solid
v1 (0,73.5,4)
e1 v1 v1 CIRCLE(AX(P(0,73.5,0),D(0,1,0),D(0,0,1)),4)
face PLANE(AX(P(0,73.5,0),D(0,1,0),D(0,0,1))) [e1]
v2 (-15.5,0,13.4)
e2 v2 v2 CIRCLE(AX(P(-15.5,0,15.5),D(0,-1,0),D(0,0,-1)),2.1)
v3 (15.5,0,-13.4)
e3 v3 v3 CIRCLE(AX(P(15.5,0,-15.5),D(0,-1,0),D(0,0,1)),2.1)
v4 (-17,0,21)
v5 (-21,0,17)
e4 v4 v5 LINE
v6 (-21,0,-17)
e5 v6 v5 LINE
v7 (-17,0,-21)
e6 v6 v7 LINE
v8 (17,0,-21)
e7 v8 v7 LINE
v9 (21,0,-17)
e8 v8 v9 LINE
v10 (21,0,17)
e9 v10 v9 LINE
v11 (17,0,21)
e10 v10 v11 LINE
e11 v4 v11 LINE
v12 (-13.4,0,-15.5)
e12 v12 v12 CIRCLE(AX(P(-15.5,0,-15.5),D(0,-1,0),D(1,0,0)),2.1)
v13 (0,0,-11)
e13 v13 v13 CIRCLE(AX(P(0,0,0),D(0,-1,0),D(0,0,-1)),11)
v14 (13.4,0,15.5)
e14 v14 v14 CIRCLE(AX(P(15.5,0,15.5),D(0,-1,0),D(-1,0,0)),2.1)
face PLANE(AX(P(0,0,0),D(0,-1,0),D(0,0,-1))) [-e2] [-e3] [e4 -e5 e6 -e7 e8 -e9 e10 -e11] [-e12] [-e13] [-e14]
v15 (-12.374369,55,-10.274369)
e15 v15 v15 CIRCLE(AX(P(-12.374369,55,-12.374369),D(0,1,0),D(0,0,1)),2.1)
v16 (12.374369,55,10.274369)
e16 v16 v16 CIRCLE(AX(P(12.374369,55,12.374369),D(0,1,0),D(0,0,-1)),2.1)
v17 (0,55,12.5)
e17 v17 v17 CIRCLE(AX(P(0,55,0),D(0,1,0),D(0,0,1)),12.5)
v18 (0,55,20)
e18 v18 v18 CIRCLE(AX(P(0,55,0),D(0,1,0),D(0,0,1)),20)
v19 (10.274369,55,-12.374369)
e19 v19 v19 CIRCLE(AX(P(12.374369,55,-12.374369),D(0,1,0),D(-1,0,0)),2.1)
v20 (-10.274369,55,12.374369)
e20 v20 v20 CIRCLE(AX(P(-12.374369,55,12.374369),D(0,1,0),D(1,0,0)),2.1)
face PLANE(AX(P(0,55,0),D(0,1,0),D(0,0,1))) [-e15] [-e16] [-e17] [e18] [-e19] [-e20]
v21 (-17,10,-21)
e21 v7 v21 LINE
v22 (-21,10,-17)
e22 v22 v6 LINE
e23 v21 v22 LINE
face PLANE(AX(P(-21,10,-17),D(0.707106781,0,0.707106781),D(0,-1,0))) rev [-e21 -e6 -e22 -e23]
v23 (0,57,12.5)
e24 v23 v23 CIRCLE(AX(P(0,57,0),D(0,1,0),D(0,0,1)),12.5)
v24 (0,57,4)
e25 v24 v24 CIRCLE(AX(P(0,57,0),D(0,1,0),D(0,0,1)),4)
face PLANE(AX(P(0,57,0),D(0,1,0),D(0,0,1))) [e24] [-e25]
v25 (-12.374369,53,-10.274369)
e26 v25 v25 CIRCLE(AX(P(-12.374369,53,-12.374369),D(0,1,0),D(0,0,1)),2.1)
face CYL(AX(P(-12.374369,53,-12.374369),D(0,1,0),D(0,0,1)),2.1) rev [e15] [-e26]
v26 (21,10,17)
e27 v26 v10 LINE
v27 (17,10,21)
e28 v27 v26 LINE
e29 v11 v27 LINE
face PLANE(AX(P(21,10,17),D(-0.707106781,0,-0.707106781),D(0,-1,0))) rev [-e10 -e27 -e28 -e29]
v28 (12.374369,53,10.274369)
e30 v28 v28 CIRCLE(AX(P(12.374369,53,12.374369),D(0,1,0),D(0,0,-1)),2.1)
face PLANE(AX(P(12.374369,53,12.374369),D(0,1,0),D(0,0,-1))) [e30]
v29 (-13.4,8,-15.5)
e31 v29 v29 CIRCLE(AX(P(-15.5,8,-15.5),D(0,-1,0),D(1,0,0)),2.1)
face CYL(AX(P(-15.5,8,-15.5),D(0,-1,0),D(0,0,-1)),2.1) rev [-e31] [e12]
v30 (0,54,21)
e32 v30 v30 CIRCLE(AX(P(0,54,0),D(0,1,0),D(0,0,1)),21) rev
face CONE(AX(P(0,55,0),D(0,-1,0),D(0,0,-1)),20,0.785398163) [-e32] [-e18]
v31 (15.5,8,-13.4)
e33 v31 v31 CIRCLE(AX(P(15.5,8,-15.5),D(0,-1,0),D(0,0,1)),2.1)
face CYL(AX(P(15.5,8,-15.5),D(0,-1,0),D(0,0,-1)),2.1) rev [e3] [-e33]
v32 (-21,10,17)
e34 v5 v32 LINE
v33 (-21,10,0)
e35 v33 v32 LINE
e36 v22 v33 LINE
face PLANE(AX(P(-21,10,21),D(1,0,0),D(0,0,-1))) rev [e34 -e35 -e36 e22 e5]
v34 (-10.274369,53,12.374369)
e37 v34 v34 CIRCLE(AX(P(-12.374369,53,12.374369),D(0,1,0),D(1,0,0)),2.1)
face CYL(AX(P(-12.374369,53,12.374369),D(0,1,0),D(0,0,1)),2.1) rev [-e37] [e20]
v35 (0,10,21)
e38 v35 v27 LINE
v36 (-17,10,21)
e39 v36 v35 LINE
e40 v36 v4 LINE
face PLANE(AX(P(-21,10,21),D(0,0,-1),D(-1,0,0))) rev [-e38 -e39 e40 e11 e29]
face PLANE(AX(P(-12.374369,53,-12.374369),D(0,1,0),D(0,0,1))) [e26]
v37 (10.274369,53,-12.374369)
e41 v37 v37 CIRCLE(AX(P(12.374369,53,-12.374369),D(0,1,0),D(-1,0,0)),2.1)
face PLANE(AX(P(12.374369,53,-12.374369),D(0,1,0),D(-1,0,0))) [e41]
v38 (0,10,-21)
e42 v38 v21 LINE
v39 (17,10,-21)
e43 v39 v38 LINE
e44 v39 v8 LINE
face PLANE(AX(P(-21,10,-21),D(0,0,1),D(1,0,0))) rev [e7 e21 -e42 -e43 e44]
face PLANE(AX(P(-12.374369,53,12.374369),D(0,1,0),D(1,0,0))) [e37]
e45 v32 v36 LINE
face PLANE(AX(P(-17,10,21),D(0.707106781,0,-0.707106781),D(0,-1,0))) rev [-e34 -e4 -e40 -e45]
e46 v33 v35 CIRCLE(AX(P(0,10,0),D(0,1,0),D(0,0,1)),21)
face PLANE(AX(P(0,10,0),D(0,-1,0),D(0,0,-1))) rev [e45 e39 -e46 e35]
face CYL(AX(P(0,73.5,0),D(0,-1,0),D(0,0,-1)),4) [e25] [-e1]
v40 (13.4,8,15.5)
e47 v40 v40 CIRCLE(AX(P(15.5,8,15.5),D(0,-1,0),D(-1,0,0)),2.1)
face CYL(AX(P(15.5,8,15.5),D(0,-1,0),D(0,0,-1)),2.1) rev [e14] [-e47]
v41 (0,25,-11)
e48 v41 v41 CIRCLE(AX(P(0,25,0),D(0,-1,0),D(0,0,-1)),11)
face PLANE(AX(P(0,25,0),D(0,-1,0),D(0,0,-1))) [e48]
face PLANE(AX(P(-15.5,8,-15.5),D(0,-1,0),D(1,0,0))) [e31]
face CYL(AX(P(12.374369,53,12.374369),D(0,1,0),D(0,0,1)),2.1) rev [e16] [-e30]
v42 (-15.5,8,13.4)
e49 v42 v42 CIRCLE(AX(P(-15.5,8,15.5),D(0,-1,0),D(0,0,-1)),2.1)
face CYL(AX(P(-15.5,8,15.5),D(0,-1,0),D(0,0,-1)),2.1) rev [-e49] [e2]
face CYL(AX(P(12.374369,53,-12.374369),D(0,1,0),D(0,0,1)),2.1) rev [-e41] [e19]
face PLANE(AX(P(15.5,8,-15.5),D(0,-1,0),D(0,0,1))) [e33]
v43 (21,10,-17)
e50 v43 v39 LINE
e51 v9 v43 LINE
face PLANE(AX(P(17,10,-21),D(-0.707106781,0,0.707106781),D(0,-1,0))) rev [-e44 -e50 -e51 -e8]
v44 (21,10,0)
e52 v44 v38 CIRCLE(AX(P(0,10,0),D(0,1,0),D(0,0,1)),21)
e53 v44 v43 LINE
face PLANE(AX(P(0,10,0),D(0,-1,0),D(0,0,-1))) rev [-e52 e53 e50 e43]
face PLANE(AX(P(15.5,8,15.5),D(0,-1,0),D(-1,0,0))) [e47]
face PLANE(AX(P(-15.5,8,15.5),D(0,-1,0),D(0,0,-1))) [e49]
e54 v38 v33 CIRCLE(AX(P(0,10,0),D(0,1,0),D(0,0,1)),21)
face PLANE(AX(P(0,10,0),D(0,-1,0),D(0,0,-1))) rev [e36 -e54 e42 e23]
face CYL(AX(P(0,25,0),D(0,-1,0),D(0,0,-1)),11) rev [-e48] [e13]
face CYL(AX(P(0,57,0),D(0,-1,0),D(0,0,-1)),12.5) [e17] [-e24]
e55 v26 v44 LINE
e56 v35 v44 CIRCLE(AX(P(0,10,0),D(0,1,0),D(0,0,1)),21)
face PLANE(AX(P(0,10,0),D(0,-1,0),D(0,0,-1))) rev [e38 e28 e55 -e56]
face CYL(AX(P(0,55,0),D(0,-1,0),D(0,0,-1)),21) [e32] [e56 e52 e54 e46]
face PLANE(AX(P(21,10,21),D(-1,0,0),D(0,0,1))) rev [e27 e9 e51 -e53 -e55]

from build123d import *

# Parameters (mm, degrees)
SKETCH_1_W               = 42
SKETCH_1_H               = 42
EXTRUDE_1_DEPTH          = 10
SKETCH_2_R               = 21
EXTRUDE_2_DEPTH          = 45
SKETCH_3_R               = 4
EXTRUDE_3_DEPTH          = 18.5
CHAMFER_1_SIZE           = 4
SKETCH_4_R               = 11
CUT_EXTRUDE_1_DEPTH      = 25
SKETCH_5_R               = 12.5
EXTRUDE_4_DEPTH          = 2
CHAMFER_2_SIZE           = 1
SKETCH_6_R               = 2.1
CUT_EXTRUDE_2_DEPTH      = 2
PATTERN_CIRCULAR_1_COUNT = 4
SKETCH_7_R               = 2.1
CUT_EXTRUDE_3_DEPTH      = 8
PATTERN_CIRCULAR_2_COUNT = 4


with BuildPart() as part:
    # 草圖1 → 填料-伸長1 (new body)
    with BuildSketch(Plane(origin=(0, 0, 0), x_dir=(1, 0, 0), z_dir=(0, 1, 0))):
        Rectangle(SKETCH_1_W, SKETCH_1_H)
    extrude(amount=EXTRUDE_1_DEPTH)

    # 草圖2 → 填料-伸長2 (add)
    with BuildSketch(Plane(origin=(0, 10, 0), x_dir=(1, 0, 0), z_dir=(0, 1, 0))):
        Circle(SKETCH_2_R)
    extrude(amount=EXTRUDE_2_DEPTH)

    # 草圖3 → 填料-伸長3 (add)
    with BuildSketch(Plane(origin=(0, 55, 0), x_dir=(1, 0, 0), z_dir=(0, 1, 0))):
        Circle(SKETCH_3_R)
    extrude(amount=EXTRUDE_3_DEPTH)

    # 導角1
    chamfer_1_edges = [part.edges().sort_by_distance(p)[0] for p in [
        (21, 5, 21),
        (-21, 5, 21),
        (-21, 5, -21),
        (21, 5, -21),
    ]]
    chamfer(chamfer_1_edges, length=CHAMFER_1_SIZE)

    # 草圖4 → 除料-伸長1 (cut)
    with BuildSketch(Plane.XZ):
        Circle(SKETCH_4_R)
    extrude(amount=-CUT_EXTRUDE_1_DEPTH, mode=Mode.SUBTRACT)

    # 草圖5 → 填料-伸長4 (add)
    with BuildSketch(Plane(origin=(0, 55, 0), x_dir=(1, 0, 0), z_dir=(0, 1, 0))):
        Circle(SKETCH_5_R)
    extrude(amount=EXTRUDE_4_DEPTH)

    # 導角2
    chamfer_2_edges = [part.edges().sort_by_distance(p)[0] for p in [
        (-21, 55, 0),
    ]]
    chamfer(chamfer_2_edges, length=CHAMFER_2_SIZE)

    # 草圖6 → 除料-伸長2 (cut)
    with BuildSketch(Plane(origin=(0, 55, 0), x_dir=(1, 0, 0), z_dir=(0, 1, 0))):
        with Locations((-12.374368671, 12.374368671)):
            Circle(SKETCH_6_R)
    cut_extrude_2 = extrude(amount=-CUT_EXTRUDE_2_DEPTH, mode=Mode.SUBTRACT)

    # 環狀複製排列1: 除料-伸長2 ×4 about axis
    pattern_circular_1_axis = Axis((0, 0, 0), (0, 1, 0))
    for i in range(1, PATTERN_CIRCULAR_1_COUNT):
        add(cut_extrude_2.rotate(pattern_circular_1_axis, i * 360 / PATTERN_CIRCULAR_1_COUNT), mode=Mode.SUBTRACT)

    # 草圖7 → 除料-伸長3 (cut)
    with BuildSketch(Plane.XZ):
        with Locations((-15.5, 15.5)):
            Circle(SKETCH_7_R)
    cut_extrude_3 = extrude(amount=-CUT_EXTRUDE_3_DEPTH, mode=Mode.SUBTRACT)

    # 環狀複製排列2: 除料-伸長3 ×4 about axis
    pattern_circular_2_axis = Axis((0, 0, 0), (0, 1, 0))
    for i in range(1, PATTERN_CIRCULAR_2_COUNT):
        add(cut_extrude_3.rotate(pattern_circular_2_axis, i * 360 / PATTERN_CIRCULAR_2_COUNT), mode=Mode.SUBTRACT)


solid = part.part
